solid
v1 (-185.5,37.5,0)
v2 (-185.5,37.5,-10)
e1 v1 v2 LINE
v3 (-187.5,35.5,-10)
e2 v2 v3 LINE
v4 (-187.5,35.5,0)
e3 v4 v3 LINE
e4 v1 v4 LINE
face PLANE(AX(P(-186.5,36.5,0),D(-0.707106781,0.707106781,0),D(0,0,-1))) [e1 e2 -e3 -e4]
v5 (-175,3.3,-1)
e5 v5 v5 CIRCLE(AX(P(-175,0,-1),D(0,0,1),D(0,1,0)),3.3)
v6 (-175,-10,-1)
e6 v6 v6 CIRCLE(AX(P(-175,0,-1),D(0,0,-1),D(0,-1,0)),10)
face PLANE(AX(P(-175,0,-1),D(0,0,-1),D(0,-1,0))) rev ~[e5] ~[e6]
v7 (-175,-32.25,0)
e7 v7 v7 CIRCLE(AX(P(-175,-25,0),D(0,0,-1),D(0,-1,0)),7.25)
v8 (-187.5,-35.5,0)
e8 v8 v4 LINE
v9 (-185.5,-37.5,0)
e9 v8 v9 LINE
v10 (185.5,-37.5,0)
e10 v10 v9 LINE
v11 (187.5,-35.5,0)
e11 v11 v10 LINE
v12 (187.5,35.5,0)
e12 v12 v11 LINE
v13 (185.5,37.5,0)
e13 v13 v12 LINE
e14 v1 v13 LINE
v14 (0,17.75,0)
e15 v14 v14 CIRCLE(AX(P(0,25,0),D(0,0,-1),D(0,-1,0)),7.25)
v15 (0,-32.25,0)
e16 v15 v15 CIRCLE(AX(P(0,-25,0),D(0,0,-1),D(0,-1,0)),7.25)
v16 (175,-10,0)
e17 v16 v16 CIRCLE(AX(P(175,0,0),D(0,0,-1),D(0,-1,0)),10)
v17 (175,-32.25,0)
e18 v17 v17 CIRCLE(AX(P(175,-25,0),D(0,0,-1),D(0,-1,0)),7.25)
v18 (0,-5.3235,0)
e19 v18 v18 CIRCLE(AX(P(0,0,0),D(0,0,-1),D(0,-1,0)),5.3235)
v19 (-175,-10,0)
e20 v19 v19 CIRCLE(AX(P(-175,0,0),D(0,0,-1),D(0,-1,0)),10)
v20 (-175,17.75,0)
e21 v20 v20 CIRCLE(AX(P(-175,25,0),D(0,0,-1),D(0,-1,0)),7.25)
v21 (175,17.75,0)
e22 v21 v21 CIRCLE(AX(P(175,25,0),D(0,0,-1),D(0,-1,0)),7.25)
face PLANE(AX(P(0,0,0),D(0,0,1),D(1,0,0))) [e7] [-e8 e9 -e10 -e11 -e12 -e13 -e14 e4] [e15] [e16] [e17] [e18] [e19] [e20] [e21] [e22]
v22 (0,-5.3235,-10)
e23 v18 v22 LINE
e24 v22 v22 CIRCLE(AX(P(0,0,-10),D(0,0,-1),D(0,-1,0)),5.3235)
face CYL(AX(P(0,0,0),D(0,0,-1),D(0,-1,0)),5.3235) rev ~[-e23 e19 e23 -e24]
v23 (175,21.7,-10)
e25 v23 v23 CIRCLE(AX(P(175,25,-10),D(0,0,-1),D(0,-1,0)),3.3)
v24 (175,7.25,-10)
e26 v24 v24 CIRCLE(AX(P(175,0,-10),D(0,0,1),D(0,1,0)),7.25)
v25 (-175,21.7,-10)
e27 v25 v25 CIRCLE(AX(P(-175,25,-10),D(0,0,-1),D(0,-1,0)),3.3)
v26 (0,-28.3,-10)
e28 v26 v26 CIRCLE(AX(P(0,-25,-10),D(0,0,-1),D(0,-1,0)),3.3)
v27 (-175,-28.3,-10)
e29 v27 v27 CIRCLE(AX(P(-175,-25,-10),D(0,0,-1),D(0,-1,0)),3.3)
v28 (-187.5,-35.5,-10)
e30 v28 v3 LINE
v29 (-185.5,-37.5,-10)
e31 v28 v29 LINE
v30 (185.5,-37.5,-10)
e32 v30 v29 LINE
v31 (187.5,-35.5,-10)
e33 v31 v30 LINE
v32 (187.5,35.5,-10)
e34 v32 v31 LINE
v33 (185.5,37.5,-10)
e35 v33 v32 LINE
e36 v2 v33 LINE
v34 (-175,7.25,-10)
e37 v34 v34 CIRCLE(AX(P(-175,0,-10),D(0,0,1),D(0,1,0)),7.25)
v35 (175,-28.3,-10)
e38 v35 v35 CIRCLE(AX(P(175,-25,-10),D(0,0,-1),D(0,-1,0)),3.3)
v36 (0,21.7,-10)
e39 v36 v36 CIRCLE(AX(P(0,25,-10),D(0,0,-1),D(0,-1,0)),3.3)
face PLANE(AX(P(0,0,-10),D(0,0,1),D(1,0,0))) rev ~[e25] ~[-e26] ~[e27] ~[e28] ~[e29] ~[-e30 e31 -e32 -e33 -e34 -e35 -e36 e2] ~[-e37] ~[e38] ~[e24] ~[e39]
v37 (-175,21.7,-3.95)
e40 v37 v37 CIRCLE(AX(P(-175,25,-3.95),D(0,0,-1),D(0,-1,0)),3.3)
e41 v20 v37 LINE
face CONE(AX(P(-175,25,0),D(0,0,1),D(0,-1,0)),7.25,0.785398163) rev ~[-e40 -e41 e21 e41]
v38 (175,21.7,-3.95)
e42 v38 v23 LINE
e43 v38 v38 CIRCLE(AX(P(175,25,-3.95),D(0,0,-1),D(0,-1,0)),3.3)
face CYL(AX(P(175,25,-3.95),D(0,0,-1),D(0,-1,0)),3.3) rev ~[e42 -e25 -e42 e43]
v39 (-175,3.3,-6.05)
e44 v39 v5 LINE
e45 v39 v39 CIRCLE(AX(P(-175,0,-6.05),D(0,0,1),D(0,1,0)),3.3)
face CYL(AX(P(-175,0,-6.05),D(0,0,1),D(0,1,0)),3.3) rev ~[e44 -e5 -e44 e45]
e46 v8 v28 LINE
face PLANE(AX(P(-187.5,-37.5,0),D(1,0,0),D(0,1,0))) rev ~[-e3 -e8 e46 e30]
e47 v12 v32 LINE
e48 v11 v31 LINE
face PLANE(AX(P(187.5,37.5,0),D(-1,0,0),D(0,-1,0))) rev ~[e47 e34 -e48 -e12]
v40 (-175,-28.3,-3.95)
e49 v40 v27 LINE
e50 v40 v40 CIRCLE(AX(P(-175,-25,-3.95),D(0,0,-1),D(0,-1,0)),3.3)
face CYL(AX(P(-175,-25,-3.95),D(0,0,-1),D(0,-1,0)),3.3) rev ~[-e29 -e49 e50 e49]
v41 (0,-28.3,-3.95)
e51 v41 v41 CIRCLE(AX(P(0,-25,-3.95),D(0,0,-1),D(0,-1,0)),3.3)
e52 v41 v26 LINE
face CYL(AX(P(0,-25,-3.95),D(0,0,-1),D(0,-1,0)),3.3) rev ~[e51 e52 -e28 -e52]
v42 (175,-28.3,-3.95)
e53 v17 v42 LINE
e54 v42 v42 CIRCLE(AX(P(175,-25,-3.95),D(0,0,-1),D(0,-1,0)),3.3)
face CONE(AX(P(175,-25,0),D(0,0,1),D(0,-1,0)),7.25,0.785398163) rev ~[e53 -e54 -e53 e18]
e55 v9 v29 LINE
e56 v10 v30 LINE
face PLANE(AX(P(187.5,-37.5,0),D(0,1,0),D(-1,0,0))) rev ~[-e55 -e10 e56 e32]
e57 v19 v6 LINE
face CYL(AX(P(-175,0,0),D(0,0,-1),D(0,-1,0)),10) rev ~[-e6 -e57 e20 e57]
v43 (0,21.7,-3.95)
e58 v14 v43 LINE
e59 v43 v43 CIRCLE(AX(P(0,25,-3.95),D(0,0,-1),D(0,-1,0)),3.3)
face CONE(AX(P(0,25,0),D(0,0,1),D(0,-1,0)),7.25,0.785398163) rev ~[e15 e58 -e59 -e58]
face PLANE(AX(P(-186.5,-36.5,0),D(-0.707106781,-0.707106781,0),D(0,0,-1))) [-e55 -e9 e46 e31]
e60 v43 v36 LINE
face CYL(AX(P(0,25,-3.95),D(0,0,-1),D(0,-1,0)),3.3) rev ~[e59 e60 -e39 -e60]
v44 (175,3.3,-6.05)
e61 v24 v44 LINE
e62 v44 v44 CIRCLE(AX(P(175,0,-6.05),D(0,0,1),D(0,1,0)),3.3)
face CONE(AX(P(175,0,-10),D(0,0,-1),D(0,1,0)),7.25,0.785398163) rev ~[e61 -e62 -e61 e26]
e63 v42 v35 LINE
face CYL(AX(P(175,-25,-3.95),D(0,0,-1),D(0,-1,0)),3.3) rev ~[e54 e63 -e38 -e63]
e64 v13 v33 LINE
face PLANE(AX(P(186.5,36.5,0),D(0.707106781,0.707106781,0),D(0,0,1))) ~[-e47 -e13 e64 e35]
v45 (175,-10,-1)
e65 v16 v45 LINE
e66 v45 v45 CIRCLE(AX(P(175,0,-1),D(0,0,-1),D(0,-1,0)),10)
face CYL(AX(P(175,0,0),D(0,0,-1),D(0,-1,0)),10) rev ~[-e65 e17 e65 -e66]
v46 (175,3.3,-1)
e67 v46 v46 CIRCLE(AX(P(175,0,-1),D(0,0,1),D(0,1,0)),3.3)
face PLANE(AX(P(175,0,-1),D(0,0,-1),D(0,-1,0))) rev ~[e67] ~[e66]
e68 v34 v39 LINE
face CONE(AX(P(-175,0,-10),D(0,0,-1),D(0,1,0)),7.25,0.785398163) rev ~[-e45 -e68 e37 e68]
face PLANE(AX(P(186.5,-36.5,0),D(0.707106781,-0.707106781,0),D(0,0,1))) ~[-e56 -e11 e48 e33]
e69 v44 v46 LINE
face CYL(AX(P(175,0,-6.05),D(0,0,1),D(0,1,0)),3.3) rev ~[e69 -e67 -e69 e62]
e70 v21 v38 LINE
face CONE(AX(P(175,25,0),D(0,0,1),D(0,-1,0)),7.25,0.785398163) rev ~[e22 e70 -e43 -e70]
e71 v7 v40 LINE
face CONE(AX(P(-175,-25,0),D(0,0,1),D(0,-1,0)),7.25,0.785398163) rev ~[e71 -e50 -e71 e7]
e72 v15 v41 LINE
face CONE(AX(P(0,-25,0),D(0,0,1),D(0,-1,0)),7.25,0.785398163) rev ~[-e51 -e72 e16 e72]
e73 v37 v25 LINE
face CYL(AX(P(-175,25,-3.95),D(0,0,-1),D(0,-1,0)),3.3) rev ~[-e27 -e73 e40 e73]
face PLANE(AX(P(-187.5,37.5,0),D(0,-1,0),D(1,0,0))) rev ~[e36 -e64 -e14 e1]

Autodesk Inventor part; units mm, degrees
ref_plane "YZ Plane" through (0, 0, 0) normal (1, 0, 0) x (0, 1, 0)
ref_plane "XZ Plane" through (0, 0, 0) normal (0, 1, 0) x (-1, 0, 0)
ref_plane "XY Plane" through (0, 0, 0) normal (0, 0, 1) x (1, 0, 0)
sketch "Sketch1" plane through (0, 0, 0) normal (0, 0, 1) x (1, 0, 0)
  line L0 (-262.5, 0) -> (262.5, 0) construction
  line L1 (0, -52.5) -> (0, 52.5) construction
  line L2 (-187.5, 37.5) -> (187.5, 37.5)
  line L3 (187.5, 37.5) -> (187.5, -37.5)
  line L4 (187.5, -37.5) -> (-187.5, -37.5)
  line L5 (-187.5, -37.5) -> (-187.5, 37.5)
  point P0 (-175, 25)
  point P1 (175, 25)
  point P2 (-175, -25)
  point P3 (175, -25)
  point P4 (0, 0)
  point P5 (-175, 0)
  point P6 (175, 0)
  point P7 (0, 25)
  point P8 (0, -25)
  dimension "d0" = 375
  dimension "d1" = 75
  dimension "d3" = 350
  dimension "d30" = 12.5
  dimension "d45" = 12.5
extrude "Extrusion1" add sketch "Sketch1" against normal blind 10
hole "Hole1" at (-175, 25, 0) at (175, 25, 0) at (-175, -25, 0) at (175, -25, 0) at (0, 25, 0) at (0, -25, 0) direction (0, 0, -1) diameter 6.6 end through all countersink diameter 14.5 countersink angle 90 clearance for "Countersunk Flat Head Hex Socket Screw ISO 10642" size "M6" standard "ISO"
hole "Hole2" at (0, 0, 0) direction (0, 0, -1) diameter 10.647 end through all thread size "M12x1.25" class "6H" standard "ISO Metric profile"
hole "Hole3" at (-175, 0, 0) at (175, 0, 0) direction (0, 0, -1) diameter 20 depth 1
sketch "Sketch2" plane through (0, 0, -10) normal (0, 0, -1) x (-1, 0, 0)
  circle A0 centre (175, 0) radius 10 projected
  circle A1 centre (-175, 0) radius 10 projected
  point P0 (0, 0)
hole "Hole4" at (-175, 0, -10) at (175, 0, -10) direction (0, 0, 1) diameter 6.6 end through all countersink diameter 14.5 countersink angle 90 clearance for "Countersunk Flat Head Hex Socket Screw ISO 10642" size "M6" standard "ISO"
chamfer "Chamfer1" distance 2 angle 45 4 edges at (-187.5, 37.5, -5) (-187.5, -37.5, -5) (187.5, 37.5, -5) (187.5, -37.5, -5)
equation "\"d45\" = d30"
properties part number "DLT-01-235B" material "Aluminio 1060"
